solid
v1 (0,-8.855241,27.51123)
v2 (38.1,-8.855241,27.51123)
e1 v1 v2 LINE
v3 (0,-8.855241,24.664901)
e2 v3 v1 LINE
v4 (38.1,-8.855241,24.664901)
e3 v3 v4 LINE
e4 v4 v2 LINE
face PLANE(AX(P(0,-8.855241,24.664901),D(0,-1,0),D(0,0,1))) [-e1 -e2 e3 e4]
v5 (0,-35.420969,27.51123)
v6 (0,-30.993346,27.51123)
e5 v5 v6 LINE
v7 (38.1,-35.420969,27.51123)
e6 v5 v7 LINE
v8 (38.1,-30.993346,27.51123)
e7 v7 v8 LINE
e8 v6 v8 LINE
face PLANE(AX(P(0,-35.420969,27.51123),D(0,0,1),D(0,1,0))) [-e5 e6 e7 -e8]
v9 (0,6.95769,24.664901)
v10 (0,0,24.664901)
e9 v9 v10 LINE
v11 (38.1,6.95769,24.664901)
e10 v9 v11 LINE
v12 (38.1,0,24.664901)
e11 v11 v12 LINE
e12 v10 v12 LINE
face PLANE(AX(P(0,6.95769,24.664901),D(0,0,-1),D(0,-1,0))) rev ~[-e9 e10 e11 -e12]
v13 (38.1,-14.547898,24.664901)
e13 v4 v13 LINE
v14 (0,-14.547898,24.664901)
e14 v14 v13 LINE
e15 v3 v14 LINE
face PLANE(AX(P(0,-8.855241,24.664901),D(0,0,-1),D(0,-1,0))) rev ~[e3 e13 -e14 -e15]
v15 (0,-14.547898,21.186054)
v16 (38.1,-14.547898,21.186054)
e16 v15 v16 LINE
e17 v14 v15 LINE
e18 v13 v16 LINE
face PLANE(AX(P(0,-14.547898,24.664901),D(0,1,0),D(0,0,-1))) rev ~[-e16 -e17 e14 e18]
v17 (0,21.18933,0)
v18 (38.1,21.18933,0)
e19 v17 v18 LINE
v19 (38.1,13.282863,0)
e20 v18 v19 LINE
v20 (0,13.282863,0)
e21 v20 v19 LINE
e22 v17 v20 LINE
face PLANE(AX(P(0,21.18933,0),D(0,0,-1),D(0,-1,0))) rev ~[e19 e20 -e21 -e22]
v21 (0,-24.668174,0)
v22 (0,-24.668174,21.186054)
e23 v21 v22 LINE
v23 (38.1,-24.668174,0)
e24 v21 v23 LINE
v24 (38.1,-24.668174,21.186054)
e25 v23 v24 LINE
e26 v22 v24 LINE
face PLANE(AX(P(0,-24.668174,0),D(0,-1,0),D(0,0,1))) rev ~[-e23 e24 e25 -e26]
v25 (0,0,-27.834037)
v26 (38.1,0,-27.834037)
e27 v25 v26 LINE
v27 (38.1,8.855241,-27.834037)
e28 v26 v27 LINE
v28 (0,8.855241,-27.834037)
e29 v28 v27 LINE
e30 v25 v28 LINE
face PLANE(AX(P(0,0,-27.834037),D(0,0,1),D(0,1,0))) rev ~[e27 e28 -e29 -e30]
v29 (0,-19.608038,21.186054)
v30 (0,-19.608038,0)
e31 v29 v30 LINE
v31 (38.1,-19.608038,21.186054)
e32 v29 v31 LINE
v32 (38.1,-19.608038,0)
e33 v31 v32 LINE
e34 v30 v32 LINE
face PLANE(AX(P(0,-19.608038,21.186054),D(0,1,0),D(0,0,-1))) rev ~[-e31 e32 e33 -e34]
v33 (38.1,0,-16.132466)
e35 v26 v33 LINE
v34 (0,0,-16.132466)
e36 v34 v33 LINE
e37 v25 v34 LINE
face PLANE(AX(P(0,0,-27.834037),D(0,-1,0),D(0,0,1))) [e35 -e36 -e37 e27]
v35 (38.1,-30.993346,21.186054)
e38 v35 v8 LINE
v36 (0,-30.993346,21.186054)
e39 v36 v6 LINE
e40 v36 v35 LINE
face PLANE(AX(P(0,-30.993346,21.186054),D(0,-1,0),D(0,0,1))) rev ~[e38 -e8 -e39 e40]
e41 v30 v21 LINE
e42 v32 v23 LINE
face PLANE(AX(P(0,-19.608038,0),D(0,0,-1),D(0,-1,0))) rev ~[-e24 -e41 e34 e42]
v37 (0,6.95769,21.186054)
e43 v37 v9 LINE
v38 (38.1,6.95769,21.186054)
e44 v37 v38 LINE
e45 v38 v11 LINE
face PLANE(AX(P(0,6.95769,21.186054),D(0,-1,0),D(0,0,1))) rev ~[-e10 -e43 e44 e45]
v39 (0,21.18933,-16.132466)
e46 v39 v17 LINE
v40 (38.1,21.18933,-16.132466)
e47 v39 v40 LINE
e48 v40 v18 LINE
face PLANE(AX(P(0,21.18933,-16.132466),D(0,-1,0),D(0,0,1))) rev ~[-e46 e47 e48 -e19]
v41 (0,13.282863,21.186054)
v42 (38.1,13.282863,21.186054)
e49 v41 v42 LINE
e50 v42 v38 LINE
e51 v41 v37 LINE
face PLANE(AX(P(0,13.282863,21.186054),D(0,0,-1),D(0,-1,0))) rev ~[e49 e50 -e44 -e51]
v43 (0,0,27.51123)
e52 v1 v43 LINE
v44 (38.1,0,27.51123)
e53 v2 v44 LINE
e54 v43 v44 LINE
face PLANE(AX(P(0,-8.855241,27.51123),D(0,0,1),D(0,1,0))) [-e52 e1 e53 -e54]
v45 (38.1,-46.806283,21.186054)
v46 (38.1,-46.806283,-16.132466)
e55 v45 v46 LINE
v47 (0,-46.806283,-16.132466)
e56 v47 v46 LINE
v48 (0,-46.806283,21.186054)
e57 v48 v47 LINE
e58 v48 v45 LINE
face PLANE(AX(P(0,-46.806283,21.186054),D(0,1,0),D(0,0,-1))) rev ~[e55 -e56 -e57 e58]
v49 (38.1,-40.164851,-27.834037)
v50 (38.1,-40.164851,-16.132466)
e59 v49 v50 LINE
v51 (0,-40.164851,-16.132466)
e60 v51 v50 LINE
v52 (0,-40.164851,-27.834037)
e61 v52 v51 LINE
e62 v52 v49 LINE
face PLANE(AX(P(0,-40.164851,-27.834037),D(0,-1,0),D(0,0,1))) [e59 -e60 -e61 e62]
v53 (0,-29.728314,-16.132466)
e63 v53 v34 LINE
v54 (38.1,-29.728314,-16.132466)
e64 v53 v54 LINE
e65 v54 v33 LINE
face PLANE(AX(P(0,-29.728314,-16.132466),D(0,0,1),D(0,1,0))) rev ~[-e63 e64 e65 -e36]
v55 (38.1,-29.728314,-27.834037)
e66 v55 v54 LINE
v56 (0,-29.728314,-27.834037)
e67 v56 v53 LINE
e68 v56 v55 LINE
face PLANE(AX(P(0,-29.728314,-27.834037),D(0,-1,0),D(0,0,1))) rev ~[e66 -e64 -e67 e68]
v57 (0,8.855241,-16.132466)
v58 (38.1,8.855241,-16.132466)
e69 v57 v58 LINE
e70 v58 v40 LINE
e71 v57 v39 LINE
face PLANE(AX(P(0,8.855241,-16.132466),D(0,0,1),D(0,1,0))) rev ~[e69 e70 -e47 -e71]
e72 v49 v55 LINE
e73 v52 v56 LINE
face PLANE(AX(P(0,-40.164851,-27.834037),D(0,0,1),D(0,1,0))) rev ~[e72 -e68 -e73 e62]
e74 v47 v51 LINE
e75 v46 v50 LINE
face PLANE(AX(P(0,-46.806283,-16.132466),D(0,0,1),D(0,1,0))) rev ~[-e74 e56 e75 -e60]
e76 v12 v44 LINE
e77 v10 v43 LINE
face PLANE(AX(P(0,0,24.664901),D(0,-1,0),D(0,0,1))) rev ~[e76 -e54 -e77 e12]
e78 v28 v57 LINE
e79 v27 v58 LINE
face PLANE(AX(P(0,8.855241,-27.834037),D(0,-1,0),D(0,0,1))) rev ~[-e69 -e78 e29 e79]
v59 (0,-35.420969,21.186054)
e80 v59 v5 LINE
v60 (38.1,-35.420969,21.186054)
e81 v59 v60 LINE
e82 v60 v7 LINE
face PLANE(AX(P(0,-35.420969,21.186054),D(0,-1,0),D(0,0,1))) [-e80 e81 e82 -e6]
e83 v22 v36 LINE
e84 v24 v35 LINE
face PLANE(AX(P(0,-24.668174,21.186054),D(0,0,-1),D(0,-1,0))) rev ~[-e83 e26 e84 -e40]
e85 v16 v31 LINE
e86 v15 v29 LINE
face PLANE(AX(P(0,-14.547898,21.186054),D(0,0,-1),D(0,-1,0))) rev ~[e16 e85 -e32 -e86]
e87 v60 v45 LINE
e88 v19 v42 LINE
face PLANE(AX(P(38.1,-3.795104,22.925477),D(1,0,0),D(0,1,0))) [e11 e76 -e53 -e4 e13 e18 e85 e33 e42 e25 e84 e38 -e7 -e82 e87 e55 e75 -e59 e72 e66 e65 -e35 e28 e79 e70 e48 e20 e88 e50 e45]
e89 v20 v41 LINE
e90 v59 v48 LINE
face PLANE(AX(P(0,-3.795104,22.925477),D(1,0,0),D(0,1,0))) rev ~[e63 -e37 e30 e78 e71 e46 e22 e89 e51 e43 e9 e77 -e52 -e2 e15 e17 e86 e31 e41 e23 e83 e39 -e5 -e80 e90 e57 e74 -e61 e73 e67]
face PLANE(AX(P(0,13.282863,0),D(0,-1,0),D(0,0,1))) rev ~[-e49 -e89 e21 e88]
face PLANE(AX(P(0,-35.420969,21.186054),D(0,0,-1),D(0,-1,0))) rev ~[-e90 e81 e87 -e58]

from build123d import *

# Parameters (mm, degrees)
F0_W     = 8.8552413508
F0_H     = 2.8463285416
F0_W_2   = 4.4276230037
F0_H_2   = 6.3251759857
F0_H_3   = 11.7015708238
F0_W_3   = 10.4365367442
F1_DEPTH = 38.1


with BuildPart() as f1:
    # F0 (on Right) → F1 (new body)
    with BuildSketch(Plane.YZ):
        Polygon((-14.5478984341, 21.1860537529), (6.9576902315, 21.1860537529), (6.9576902315, 24.664901197), (0, 24.664901197), (-8.8552413508, 24.664901197), (-14.5478984341, 24.664901197), align=None)
        with Locations((-4.4276206754, 26.0880654678)):
            Rectangle(F0_W, F0_H)
        Polygon((-19.6080375463, 0), (13.2828634232, 0), (13.2828634232, 21.1860537529), (6.9576902315, 21.1860537529), (-14.5478984341, 21.1860537529), (-19.6080375463, 21.1860537529), align=None)
        Polygon((8.8552413508, -16.132466495), (21.1893301457, -16.132466495), (21.1893301457, 0), (13.2828634232, 0), (-19.6080375463, 0), (-24.6681738645, 0), (-46.8062832952, 0), (-46.8062832952, -16.132466495), (-40.1648506522, -16.132466495), (-29.728313908, -16.132466495), (0, -16.132466495), align=None)
        Polygon((-46.8062832952, 0), (-24.6681738645, 0), (-24.6681738645, 21.1860537529), (-30.9933461249, 21.1860537529), (-35.4209691286, 21.1860537529), (-46.8062832952, 21.1860537529), align=None)
        with Locations((-33.2071576267, 24.3486417457)):
            Rectangle(F0_W_2, F0_H_2)
        with Locations((4.4276206754, -21.9832519069)):
            Rectangle(F0_W, F0_H_3)
        with Locations((-34.9465822801, -21.9832519069)):
            Rectangle(F0_W_3, F0_H_3)
    extrude(amount=F1_DEPTH)


solid = f1.part
